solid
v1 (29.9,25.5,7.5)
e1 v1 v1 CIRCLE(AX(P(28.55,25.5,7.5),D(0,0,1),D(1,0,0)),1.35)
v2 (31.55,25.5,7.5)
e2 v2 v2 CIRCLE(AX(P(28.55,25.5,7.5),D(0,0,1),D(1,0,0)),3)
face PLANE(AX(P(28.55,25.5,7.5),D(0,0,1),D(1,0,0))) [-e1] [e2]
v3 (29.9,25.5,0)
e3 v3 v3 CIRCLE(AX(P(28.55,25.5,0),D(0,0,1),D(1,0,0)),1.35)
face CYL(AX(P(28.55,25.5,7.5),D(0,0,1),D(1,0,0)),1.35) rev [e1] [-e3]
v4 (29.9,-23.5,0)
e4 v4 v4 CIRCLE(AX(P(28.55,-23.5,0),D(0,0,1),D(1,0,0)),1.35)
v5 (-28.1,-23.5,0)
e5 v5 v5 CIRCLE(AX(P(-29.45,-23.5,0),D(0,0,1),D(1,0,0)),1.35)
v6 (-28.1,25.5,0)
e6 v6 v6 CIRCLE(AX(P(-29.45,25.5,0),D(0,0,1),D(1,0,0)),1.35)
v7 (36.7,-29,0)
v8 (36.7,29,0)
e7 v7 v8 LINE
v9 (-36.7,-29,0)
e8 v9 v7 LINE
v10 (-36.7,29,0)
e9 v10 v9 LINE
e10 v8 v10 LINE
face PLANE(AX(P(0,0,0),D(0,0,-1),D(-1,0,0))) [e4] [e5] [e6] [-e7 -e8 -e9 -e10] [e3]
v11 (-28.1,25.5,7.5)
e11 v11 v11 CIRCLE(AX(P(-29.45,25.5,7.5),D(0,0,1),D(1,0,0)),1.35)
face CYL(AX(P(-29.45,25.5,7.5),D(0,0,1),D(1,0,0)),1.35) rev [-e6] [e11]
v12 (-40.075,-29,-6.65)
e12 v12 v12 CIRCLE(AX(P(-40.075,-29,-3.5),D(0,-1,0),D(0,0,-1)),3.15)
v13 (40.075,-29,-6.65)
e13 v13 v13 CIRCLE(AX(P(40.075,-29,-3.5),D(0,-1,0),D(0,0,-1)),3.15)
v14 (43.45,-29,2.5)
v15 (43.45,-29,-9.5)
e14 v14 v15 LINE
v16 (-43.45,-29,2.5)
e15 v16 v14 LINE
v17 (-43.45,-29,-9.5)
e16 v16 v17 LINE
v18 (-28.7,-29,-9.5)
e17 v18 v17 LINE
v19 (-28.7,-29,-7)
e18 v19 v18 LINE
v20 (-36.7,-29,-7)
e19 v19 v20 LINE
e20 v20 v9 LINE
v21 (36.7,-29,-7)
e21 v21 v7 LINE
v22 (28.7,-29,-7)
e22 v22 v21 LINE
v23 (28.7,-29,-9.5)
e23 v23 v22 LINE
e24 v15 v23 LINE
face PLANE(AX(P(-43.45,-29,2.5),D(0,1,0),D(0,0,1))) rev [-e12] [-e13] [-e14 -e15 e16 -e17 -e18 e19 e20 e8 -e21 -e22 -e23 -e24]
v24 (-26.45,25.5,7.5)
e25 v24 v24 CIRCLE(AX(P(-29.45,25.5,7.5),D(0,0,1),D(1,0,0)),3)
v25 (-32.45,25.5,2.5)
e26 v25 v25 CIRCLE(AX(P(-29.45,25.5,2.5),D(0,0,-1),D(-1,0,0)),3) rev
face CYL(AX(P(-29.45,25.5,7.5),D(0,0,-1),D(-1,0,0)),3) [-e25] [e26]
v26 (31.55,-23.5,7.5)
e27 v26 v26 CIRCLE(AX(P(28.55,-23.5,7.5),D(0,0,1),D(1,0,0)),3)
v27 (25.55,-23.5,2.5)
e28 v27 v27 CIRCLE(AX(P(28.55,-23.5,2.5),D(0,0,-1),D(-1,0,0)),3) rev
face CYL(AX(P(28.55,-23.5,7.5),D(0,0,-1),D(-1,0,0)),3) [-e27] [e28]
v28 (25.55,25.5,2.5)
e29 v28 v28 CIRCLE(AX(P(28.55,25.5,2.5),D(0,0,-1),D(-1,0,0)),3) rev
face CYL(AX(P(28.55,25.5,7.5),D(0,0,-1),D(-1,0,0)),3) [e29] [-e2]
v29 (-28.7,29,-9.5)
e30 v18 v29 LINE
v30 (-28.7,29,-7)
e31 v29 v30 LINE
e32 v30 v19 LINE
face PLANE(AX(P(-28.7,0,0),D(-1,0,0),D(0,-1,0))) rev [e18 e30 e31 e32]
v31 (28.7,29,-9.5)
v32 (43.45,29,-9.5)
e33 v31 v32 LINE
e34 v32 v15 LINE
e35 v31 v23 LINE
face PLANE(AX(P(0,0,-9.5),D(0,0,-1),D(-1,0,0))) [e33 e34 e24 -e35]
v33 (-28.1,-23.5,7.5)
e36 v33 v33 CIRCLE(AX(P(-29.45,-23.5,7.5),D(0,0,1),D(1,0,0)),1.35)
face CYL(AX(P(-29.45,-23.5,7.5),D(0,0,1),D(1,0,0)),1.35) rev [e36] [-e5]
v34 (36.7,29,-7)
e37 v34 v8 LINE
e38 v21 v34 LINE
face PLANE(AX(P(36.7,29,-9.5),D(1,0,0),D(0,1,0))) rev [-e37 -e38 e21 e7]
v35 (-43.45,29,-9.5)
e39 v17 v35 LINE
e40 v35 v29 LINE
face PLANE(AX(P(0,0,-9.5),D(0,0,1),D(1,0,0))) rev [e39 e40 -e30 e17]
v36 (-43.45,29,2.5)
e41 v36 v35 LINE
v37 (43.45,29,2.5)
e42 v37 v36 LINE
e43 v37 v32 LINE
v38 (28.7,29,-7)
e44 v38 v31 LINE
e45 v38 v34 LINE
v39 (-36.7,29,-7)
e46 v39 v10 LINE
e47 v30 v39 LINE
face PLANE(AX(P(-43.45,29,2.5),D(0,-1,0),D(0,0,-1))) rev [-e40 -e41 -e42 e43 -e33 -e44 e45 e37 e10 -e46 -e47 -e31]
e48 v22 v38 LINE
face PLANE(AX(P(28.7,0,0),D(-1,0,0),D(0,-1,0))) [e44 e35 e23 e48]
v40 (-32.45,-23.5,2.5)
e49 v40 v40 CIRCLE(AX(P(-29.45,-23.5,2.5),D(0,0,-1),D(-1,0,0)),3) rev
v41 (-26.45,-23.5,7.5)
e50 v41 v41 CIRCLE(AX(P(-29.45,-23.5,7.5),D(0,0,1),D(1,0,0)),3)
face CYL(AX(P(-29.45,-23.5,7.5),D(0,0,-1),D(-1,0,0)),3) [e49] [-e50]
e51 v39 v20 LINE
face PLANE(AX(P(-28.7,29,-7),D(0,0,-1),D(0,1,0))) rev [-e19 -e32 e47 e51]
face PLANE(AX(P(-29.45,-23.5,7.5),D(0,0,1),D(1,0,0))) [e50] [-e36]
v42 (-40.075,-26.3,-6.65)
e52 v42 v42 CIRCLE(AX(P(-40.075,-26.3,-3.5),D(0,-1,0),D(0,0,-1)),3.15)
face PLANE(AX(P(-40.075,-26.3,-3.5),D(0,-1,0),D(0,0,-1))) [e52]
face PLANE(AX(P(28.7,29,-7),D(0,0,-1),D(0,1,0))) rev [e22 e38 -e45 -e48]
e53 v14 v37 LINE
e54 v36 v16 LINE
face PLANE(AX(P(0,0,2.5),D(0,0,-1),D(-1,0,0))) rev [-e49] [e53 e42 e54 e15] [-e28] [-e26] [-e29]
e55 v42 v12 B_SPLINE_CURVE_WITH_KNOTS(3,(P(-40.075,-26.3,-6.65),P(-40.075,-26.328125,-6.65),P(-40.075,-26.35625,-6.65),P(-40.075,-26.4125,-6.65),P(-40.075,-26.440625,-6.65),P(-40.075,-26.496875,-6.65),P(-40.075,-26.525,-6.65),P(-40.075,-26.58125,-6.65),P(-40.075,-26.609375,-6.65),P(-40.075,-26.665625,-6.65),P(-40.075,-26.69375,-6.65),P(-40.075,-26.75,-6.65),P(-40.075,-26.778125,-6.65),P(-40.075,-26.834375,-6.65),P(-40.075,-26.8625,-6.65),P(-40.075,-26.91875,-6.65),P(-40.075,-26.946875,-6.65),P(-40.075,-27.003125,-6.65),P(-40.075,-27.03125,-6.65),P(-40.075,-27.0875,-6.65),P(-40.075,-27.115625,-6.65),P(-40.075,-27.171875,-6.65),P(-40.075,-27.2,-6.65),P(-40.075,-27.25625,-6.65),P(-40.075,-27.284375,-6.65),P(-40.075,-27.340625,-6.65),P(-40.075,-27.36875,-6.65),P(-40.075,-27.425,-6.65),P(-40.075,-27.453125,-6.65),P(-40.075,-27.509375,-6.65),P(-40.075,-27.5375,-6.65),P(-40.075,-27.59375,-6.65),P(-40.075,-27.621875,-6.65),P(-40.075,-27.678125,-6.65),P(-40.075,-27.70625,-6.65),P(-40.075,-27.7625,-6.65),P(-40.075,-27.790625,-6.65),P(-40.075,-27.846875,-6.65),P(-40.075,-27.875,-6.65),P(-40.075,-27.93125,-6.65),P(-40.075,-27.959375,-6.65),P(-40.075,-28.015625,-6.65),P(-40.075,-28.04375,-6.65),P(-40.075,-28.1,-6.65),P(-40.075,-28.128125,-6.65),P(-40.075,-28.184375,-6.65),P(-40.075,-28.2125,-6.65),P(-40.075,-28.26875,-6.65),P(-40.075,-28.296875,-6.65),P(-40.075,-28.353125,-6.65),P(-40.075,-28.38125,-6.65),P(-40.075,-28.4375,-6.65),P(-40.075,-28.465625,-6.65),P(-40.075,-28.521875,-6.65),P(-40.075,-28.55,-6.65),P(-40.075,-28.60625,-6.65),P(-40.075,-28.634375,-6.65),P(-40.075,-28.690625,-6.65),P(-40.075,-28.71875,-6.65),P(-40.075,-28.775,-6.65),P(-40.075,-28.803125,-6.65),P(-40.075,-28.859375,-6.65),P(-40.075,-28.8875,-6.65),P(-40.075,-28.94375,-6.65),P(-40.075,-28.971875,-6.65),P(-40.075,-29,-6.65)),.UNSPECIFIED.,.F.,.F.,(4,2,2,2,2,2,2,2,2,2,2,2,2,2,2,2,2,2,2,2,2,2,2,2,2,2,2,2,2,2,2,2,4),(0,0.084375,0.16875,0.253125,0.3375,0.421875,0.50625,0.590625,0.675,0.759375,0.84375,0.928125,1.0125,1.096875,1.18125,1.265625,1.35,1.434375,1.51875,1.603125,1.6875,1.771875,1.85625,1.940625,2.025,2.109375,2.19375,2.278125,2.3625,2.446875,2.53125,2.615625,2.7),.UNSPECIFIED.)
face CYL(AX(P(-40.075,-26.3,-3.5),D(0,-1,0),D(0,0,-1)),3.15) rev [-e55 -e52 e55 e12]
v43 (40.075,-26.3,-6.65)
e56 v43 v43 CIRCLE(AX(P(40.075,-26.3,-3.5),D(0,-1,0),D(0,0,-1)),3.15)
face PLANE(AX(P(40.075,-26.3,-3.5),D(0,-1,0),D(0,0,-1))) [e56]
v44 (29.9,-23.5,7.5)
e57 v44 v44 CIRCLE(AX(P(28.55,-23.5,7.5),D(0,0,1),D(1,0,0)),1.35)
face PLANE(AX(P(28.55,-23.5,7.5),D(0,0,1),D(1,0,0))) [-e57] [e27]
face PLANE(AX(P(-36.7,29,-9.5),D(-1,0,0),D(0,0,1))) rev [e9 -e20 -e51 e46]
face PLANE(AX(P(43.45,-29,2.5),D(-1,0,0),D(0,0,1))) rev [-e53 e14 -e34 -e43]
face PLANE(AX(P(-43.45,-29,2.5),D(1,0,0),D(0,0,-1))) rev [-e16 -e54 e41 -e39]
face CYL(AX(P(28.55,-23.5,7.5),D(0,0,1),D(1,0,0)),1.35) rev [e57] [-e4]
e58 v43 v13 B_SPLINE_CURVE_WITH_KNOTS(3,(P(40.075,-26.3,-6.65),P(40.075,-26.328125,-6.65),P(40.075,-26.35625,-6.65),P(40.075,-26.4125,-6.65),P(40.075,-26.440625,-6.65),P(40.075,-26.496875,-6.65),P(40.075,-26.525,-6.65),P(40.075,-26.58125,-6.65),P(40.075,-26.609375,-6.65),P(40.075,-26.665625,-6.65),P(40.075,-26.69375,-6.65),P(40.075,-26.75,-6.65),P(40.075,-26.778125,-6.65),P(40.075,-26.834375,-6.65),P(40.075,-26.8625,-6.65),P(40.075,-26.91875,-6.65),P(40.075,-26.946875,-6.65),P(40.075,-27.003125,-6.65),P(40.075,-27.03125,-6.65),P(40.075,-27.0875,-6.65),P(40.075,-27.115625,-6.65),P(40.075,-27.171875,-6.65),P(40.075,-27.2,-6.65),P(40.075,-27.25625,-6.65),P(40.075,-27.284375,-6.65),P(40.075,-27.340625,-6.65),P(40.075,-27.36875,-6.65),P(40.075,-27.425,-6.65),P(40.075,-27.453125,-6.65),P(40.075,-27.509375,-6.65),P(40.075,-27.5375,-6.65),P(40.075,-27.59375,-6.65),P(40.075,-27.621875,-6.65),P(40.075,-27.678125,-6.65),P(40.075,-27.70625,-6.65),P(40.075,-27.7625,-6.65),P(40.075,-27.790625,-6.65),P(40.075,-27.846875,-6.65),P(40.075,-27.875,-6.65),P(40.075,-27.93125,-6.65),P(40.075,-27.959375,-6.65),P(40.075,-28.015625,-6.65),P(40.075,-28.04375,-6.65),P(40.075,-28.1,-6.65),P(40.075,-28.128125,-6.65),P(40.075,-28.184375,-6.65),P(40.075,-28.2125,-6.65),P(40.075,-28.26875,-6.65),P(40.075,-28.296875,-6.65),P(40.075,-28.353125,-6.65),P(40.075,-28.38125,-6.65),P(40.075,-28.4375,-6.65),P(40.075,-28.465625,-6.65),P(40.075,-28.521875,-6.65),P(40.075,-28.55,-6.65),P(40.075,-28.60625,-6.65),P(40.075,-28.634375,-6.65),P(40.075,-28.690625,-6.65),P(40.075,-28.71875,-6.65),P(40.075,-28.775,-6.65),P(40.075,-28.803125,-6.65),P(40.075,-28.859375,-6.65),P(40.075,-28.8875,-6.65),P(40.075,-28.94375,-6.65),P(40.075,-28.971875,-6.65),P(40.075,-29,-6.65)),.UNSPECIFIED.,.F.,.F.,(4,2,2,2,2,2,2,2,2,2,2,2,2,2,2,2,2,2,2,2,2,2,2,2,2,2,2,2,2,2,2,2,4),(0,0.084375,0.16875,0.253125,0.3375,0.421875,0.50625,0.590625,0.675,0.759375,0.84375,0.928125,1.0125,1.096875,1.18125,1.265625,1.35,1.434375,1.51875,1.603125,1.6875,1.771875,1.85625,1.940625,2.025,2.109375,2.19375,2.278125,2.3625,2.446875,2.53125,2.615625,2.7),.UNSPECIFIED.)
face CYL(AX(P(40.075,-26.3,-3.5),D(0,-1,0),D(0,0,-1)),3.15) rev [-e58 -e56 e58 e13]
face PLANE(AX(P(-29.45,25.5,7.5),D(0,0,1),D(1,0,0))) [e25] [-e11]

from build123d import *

# Parameters (mm, degrees)
SKETCH1_W              = 86.9
SKETCH1_H              = 58
BOSS_EXTRUDE1_DEPTH    = 2.5
SKETCH2_R              = 3
BOSS_EXTRUDE2_DEPTH    = 5
LPATTERN1_COUNT        = 2
LPATTERN1_PITCH        = 49
M2_5_CLEARANCE_HOLE1_D = 2.7
SKETCH6_W              = 6.75
SKETCH6_H              = 58
BOSS_EXTRUDE3_DEPTH    = 9.5
SKETCH7_W              = 2.5
SKETCH7_H              = 58
BOSS_EXTRUDE4_DEPTH    = 8
SKETCH8_W              = 2.5
SKETCH8_H              = 58
BOSS_EXTRUDE5_DEPTH    = 8
SKETCH9_R              = 3.15
CUT_EXTRUDE1_DEPTH     = 2.7


with BuildPart() as part:
    # Sketch1 → Boss-Extrude1 (new body)
    with BuildSketch(Plane.XY):
        Rectangle(SKETCH1_W, SKETCH1_H)
    extrude(amount=BOSS_EXTRUDE1_DEPTH)

    # Sketch2 → Boss-Extrude2 (add)
    with BuildSketch(Plane.XY.offset(2.5)):
        with Locations(Location((-29.45, 25.5, 0), (0, 0, 180))):
            Circle(SKETCH2_R)
        with Locations(Location((28.55, 25.5, 0), (0, 0, 180))):
            Circle(SKETCH2_R)
    boss_extrude2 = extrude(amount=BOSS_EXTRUDE2_DEPTH)

    # LPattern1: Boss-Extrude2 ×2
    with Locations(*[(0, -i * LPATTERN1_PITCH, 0) for i in range(1, LPATTERN1_COUNT)]):
        add(boss_extrude2)

    # M2.5 Clearance Hole1 (through all)
    with Locations(Plane.XY.offset(7.5)):
        with Locations((-29.45, 25.5), (-29.45, -23.5), (28.55, 25.5), (28.55, -23.5)):
            Hole(M2_5_CLEARANCE_HOLE1_D / 2)

    # Sketch6 → Boss-Extrude3 (add)
    with BuildSketch(Plane(origin=(0, 0, 0), x_dir=(-1, 0, 0), z_dir=(0, 0, -1))):
        with Locations((-40.075, 0)):
            Rectangle(SKETCH6_W, SKETCH6_H)
        with Locations((40.075, 0)):
            Rectangle(SKETCH6_W, SKETCH6_H)
    extrude(amount=BOSS_EXTRUDE3_DEPTH)

    # Sketch7 → Boss-Extrude4 (add)
    with BuildSketch(Plane.ZY.offset(-36.7)):
        with Locations((-8.25, 0)):
            Rectangle(SKETCH7_W, SKETCH7_H)
    extrude(amount=BOSS_EXTRUDE4_DEPTH)

    # Sketch8 → Boss-Extrude5 (add)
    with BuildSketch(Plane(origin=(-36.7, 0, 0), x_dir=(0, 0, -1), z_dir=(1, 0, 0))):
        with Locations((8.25, 0)):
            Rectangle(SKETCH8_W, SKETCH8_H)
    extrude(amount=BOSS_EXTRUDE5_DEPTH)

    # Sketch9 → Cut-Extrude1 (cut)
    with BuildSketch(Plane.XZ.offset(29)):
        with Locations(Location((-40.075, -3.5, 0), (0, 0, 270))):
            Circle(SKETCH9_R)
        with Locations(Location((40.075, -3.5, 0), (0, 0, 270))):
            Circle(SKETCH9_R)
    extrude(amount=-CUT_EXTRUDE1_DEPTH, mode=Mode.SUBTRACT)


solid = part.part
